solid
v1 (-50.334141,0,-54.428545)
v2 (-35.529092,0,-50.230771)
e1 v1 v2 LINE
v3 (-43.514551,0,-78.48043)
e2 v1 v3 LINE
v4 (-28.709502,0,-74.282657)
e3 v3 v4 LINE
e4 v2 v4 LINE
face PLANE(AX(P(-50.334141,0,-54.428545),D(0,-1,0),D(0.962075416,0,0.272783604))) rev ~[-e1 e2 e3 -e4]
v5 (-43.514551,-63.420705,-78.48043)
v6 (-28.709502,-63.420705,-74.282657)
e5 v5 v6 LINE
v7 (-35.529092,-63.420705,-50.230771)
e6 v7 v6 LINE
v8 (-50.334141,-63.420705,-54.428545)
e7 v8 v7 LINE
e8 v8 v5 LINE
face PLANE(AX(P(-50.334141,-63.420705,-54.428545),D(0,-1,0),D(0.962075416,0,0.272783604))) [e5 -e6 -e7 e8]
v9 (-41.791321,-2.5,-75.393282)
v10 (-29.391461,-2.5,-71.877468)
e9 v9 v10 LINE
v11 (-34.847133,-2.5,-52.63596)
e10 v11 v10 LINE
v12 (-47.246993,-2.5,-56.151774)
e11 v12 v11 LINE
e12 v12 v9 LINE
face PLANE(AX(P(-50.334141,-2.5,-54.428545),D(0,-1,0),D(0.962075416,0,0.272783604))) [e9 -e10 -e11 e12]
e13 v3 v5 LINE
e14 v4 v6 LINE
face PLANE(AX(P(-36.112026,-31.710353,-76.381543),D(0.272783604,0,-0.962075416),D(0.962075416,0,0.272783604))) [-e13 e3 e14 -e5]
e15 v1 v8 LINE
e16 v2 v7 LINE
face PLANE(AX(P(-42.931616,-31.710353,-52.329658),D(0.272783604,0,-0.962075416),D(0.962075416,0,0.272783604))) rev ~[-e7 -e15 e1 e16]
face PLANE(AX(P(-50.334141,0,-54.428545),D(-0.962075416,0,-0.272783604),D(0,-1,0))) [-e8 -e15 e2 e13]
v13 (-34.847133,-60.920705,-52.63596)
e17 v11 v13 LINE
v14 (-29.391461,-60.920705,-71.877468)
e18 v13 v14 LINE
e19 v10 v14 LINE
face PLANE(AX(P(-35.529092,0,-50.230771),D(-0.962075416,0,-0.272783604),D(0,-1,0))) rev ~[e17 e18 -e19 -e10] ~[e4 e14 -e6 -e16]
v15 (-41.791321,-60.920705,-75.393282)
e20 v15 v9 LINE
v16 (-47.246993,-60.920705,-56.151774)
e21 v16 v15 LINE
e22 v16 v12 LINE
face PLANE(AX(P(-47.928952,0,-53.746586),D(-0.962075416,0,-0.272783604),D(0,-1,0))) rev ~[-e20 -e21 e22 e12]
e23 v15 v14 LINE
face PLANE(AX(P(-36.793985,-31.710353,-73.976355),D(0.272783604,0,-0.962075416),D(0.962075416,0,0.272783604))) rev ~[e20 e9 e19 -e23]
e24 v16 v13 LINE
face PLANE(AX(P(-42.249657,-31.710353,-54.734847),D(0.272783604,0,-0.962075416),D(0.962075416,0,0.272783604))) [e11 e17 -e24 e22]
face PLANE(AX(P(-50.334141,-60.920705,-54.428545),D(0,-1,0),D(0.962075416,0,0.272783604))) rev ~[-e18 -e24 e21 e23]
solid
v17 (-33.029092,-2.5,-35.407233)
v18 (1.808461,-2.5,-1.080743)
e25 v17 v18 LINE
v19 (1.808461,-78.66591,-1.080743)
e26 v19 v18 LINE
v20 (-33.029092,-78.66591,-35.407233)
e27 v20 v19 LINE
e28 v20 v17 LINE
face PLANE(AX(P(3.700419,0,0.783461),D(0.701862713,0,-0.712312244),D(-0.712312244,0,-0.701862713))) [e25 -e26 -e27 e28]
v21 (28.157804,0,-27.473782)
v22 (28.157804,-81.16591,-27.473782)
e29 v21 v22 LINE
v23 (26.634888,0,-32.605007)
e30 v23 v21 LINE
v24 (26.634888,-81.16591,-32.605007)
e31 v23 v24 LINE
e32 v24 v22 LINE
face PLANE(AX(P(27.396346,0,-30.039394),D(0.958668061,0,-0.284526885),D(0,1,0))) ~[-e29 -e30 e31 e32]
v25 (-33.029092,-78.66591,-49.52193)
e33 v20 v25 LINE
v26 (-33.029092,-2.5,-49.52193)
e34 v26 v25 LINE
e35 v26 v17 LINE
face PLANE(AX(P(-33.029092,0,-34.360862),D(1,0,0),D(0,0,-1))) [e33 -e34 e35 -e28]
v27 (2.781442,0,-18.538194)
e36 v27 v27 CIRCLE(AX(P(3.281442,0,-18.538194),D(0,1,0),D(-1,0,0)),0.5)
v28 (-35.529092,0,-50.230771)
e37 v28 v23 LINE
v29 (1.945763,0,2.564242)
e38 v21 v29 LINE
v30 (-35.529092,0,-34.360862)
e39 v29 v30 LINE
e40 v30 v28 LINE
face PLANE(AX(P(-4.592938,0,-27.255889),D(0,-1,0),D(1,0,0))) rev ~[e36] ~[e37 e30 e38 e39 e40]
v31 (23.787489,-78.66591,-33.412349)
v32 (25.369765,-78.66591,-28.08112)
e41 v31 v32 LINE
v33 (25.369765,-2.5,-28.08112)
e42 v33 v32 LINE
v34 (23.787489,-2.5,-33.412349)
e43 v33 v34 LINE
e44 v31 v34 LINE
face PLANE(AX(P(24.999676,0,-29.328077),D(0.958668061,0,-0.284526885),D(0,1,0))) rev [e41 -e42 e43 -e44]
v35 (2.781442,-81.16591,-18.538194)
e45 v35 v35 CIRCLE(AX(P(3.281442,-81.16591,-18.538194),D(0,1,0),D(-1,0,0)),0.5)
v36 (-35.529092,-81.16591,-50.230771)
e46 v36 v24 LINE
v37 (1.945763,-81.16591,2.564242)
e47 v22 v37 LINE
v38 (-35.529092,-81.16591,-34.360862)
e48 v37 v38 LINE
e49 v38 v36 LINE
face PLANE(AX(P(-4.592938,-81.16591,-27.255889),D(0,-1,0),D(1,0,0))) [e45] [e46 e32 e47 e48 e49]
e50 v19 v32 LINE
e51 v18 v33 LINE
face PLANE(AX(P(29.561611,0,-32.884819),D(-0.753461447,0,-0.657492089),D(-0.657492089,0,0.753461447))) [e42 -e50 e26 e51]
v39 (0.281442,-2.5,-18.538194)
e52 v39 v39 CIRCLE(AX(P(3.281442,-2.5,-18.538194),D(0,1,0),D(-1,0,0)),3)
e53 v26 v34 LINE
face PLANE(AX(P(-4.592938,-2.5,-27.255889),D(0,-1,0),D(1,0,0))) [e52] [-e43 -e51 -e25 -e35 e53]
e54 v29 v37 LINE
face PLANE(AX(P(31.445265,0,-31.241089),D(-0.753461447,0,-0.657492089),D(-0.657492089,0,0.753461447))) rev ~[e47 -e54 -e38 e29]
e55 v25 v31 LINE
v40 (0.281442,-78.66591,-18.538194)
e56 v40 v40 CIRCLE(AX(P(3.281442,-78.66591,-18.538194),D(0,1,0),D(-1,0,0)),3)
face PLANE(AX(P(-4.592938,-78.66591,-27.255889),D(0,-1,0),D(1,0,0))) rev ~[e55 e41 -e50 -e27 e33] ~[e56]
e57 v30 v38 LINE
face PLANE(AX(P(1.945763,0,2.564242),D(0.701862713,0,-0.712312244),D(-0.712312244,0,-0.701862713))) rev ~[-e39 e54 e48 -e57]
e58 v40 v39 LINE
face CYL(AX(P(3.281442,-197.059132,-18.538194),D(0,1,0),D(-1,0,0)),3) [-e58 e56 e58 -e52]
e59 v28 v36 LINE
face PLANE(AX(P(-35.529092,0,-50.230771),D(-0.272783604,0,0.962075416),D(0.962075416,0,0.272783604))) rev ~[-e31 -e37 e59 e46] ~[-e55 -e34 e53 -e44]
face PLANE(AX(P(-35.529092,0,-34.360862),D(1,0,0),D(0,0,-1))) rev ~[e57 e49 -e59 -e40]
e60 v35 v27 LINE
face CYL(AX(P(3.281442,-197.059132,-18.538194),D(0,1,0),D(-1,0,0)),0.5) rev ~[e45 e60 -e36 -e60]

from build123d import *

# Parameters (mm, degrees)
F1_DEPTH = 81.1659097672
F2_SIZE  = 5
F5_D     = 1
F6_W     = 15.3886571198
F6_H     = 63.4207054973
F7_DEPTH = 25
F8_T     = -2.5
F8_2_T   = -2.5


with BuildPart() as f1:
    # F0 (on Front) → F1 (new body)
    with BuildSketch(Plane.XZ):
        Polygon((1.9457627166, 2.5642416462), (-35.5290919542, -34.3608616253), (-35.5290919542, -50.2307713032), (31.4452648163, -31.2410891056), align=None)
    extrude(amount=F1_DEPTH)

    # F2
    f2_edges = [f1.edges().sort_by_distance(p)[0] for p in [
        (31.445265, -40.582955, -31.241089),
    ]]
    chamfer(f2_edges, length=F2_SIZE)

    # F5 (through all)
    with Locations(Plane.XZ.offset(81.1659097672)):
        with Locations((3.2814415172, -18.5381937772)):
            Hole(F5_D / 2)

    # F8#2
    f8_2_openings = [f1.faces().sort_by_distance(p)[0] for p in [
        (-4.447102, -40.582955, -41.417889),
    ]]
    offset(amount=F8_2_T, openings=f8_2_openings)


with BuildPart() as f7:
    # F6 (on face) → F7 (new body)
    with BuildSketch(Plane(origin=(10.5387316866, 0, -37.1688566741), x_dir=(0.9620754157, 0, 0.2727836037), z_dir=(0.2727836037, 0, -0.9620754157))):
        with Locations((-55.5781252847, 31.7103527486)):
            Rectangle(F6_W, F6_H)
    extrude(amount=F7_DEPTH)

    # F8
    f8_openings = [f7.faces().sort_by_distance(p)[0] for p in [
        (-32.119297, -31.710353, -62.256714),
    ]]
    offset(amount=F8_T, openings=f8_openings)


solid = Compound([f1.part, f7.part])
